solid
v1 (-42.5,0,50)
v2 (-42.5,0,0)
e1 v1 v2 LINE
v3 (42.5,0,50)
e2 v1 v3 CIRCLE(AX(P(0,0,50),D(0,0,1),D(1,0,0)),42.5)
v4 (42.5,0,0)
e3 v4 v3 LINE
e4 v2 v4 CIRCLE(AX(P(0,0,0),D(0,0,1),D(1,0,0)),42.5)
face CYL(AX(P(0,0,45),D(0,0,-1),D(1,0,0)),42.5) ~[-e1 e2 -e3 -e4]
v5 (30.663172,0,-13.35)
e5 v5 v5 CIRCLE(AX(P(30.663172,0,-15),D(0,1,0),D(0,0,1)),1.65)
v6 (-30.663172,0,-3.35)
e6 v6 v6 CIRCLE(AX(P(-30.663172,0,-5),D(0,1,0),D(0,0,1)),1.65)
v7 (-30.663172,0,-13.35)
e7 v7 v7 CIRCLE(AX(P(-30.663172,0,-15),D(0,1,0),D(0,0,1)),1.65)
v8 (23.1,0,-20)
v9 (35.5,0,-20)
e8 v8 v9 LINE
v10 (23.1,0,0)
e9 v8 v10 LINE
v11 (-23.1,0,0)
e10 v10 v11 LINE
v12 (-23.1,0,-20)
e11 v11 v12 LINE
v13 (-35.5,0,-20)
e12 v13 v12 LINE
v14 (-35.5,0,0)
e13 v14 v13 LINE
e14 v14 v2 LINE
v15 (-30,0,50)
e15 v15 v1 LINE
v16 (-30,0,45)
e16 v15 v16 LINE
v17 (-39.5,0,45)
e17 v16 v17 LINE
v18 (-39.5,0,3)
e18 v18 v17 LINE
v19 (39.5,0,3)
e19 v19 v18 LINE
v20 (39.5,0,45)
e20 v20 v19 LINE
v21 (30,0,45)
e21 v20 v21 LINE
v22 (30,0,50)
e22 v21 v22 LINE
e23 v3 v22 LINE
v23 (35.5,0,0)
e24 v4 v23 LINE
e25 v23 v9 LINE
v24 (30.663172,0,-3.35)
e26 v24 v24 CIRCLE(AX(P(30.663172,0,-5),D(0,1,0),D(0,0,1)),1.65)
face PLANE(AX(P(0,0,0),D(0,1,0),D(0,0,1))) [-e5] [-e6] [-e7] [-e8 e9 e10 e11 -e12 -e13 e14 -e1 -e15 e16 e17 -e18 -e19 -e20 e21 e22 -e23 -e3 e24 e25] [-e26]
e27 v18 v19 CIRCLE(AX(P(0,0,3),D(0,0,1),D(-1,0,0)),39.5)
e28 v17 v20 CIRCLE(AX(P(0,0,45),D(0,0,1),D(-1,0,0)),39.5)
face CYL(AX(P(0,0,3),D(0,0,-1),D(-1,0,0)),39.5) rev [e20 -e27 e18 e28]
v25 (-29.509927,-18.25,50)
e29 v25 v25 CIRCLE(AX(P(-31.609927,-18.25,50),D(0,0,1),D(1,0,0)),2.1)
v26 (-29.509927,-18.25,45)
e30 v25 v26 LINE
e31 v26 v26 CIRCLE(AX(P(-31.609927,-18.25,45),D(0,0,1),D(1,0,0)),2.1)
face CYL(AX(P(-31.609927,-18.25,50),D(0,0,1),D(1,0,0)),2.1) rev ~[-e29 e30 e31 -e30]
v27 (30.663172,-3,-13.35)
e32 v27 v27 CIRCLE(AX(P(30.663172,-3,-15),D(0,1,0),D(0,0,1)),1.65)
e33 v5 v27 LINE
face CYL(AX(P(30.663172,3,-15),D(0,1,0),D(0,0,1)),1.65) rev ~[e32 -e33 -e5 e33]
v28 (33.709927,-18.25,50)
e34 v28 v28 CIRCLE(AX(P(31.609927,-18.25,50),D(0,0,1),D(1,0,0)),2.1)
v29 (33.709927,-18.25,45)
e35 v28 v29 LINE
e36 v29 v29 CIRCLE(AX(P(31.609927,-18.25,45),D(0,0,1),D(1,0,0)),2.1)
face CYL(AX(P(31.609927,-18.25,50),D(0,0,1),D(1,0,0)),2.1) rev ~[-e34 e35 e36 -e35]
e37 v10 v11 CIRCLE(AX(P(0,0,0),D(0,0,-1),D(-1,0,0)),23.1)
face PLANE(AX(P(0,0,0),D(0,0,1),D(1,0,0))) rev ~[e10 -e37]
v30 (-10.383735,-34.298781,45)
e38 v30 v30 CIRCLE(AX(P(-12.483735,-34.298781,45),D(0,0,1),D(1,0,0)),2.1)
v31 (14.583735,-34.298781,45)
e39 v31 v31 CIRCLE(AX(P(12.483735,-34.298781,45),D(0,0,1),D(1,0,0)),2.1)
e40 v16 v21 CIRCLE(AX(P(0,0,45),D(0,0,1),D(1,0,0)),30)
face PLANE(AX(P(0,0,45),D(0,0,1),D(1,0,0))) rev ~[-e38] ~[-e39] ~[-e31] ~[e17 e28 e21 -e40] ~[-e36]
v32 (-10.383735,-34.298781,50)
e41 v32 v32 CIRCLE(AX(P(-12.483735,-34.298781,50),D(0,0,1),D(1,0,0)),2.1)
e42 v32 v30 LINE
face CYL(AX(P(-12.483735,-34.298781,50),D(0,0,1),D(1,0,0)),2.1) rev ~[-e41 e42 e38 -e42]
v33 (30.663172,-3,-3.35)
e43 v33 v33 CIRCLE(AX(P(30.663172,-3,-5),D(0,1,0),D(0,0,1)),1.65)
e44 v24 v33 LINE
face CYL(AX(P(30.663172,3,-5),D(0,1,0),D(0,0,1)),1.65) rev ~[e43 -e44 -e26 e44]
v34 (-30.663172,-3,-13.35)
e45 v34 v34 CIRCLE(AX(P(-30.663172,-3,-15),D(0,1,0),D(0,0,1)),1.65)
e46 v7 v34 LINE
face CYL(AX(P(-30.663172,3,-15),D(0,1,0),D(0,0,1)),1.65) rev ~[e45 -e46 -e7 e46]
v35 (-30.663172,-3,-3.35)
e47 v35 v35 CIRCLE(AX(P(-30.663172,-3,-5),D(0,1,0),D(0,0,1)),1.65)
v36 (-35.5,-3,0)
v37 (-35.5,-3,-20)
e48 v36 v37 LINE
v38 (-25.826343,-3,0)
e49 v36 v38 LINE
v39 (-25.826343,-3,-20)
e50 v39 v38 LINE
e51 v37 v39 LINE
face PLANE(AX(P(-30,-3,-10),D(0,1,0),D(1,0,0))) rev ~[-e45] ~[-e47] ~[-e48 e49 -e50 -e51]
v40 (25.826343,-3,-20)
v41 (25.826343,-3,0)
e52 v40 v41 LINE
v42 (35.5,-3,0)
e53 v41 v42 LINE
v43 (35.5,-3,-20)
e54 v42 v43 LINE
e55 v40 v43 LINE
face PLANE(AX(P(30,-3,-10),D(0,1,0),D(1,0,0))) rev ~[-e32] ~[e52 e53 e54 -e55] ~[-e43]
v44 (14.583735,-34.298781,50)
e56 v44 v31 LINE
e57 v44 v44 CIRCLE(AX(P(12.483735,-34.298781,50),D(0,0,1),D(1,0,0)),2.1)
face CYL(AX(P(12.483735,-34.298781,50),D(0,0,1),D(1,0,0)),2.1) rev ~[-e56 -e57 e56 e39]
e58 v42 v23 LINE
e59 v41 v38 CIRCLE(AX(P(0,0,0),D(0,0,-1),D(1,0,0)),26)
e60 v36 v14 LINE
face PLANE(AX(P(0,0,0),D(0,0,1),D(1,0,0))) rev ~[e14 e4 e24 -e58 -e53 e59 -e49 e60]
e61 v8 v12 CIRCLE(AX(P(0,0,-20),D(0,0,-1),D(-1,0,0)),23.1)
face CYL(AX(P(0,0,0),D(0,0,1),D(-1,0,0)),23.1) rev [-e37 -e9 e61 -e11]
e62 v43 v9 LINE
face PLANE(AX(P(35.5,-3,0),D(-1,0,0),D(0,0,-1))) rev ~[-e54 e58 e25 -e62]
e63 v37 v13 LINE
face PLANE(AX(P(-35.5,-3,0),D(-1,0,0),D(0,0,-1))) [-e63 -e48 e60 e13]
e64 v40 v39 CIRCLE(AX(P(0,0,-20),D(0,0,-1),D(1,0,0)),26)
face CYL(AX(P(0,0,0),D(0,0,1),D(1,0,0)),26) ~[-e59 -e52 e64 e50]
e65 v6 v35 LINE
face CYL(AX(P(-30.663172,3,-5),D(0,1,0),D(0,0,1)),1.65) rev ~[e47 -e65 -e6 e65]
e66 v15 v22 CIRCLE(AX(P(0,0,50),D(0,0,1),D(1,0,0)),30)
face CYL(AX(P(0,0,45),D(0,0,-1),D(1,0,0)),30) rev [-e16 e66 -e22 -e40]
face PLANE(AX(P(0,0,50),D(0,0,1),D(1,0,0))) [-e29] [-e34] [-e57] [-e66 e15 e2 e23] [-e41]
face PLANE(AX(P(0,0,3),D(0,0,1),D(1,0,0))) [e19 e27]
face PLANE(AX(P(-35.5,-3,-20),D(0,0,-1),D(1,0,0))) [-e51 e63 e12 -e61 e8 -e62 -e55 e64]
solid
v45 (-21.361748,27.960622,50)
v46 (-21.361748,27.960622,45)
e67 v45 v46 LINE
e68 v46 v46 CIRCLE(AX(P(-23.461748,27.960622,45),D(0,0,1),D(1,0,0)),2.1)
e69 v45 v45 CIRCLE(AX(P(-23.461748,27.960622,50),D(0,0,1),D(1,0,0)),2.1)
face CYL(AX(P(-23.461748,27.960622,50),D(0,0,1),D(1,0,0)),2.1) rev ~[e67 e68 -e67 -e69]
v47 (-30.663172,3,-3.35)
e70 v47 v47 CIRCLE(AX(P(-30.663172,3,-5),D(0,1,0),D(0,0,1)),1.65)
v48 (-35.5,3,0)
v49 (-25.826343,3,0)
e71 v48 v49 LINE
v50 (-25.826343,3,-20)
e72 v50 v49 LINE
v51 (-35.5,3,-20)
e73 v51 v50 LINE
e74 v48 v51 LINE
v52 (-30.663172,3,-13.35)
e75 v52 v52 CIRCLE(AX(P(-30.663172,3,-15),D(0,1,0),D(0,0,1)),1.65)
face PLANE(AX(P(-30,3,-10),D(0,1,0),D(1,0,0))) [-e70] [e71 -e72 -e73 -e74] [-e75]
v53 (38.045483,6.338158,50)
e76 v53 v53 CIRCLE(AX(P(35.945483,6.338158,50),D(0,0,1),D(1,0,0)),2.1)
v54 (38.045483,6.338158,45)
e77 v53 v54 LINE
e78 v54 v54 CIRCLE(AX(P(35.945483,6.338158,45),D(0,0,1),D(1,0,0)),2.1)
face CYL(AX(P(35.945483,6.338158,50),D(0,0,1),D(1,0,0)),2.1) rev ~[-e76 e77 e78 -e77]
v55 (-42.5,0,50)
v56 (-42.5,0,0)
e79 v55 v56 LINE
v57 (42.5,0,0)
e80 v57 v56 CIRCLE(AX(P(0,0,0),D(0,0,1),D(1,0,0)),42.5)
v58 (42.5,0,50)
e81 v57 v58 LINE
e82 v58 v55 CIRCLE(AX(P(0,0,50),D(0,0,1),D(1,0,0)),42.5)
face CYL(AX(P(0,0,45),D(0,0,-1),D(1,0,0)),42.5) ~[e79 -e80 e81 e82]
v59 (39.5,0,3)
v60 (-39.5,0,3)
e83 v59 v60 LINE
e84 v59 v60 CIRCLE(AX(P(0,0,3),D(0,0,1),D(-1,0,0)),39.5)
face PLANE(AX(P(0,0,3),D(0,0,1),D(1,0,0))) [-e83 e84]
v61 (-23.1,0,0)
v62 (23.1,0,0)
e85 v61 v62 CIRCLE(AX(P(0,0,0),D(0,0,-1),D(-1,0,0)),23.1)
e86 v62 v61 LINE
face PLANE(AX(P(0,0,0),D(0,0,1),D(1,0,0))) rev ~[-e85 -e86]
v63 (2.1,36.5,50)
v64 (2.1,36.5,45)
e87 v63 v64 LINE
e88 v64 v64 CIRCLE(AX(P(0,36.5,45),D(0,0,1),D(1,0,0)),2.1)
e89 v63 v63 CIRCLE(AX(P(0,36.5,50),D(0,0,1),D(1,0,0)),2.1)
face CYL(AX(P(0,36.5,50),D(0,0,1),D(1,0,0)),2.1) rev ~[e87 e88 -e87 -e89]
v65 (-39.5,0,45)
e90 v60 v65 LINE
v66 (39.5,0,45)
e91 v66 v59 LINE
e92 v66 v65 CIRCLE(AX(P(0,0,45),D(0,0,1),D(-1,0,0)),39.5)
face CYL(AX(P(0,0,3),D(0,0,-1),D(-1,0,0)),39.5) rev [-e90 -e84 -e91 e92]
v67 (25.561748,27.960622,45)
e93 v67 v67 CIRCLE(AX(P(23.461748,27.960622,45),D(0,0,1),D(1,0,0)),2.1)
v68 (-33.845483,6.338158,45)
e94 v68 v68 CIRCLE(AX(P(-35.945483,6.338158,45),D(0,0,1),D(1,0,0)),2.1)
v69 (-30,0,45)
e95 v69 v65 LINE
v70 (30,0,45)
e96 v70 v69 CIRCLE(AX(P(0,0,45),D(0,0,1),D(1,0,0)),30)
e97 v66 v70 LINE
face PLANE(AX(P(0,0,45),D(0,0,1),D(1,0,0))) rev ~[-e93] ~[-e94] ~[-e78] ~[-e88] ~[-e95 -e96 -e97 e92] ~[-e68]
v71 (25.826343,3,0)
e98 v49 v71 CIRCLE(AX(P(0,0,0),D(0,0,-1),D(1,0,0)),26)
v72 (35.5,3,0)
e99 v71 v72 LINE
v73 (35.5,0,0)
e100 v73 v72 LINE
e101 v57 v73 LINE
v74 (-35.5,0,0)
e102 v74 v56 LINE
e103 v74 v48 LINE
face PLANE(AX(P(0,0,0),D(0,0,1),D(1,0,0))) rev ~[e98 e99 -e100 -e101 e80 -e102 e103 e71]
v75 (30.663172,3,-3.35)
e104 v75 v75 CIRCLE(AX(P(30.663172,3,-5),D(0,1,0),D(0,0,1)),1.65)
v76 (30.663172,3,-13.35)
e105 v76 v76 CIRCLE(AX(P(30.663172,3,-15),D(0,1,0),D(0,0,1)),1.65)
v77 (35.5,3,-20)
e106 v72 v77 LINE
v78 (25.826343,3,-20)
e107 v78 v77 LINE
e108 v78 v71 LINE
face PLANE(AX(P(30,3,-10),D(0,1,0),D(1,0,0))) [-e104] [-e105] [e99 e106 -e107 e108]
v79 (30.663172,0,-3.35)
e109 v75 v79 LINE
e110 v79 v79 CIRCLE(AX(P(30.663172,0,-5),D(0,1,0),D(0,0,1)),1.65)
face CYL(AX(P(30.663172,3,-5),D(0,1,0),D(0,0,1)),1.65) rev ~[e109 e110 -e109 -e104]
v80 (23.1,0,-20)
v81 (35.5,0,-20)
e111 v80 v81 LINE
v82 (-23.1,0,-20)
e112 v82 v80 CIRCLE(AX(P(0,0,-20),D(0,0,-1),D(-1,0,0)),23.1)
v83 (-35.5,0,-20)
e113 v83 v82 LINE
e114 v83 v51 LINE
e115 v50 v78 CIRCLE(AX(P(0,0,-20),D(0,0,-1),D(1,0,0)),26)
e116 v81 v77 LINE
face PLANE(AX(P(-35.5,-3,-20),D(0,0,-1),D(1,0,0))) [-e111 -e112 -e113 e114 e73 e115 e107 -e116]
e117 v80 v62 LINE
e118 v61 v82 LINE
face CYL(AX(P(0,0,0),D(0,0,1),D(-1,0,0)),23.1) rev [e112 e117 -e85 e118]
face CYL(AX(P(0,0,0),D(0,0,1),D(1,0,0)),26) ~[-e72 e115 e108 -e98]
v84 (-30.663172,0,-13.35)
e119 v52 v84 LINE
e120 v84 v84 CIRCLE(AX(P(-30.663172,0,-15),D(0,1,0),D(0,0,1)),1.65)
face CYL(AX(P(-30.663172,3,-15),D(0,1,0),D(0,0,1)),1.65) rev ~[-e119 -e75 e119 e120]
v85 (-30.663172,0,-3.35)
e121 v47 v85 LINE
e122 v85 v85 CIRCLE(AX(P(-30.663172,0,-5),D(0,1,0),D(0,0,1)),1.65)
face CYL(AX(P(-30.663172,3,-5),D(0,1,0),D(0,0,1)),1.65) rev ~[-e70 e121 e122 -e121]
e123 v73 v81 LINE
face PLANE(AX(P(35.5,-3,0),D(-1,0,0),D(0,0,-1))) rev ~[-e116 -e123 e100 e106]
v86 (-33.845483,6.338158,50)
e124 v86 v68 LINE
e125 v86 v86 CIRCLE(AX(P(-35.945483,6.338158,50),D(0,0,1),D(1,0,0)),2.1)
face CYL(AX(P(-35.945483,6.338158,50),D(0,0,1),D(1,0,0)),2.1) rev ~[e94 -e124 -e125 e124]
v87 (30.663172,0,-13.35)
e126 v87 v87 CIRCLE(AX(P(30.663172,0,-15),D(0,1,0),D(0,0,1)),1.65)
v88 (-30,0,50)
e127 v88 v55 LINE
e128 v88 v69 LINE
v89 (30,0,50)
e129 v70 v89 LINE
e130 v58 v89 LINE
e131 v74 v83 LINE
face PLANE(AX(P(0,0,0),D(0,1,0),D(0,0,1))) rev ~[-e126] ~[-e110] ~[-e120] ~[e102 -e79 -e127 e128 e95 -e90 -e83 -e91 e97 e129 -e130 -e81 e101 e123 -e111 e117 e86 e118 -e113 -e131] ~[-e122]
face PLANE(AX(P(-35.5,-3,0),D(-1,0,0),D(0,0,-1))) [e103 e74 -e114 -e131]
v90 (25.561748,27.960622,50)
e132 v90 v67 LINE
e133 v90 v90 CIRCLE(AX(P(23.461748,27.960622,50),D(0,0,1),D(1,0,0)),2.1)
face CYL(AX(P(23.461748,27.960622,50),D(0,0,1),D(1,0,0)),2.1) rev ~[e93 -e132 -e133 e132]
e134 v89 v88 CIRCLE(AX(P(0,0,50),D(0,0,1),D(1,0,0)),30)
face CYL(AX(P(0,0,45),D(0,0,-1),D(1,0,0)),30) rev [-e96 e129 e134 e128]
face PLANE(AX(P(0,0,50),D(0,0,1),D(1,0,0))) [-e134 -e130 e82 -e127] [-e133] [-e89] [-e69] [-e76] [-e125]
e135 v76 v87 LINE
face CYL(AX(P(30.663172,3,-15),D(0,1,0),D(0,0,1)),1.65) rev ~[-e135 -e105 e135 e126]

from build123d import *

# Parameters (mm, degrees)
SKETCH_1_R           = 42.5
EXTRUDE_1_DEPTH      = 3
SKETCH_2_R           = 42.5
SKETCH_2_R_2         = 39.5
EXTRUDE_2_DEPTH      = 42
SKETCH_3_R           = 42.5
SKETCH_3_R_2         = 30
EXTRUDE_3_DEPTH      = 5
CUT_EXTRUDE_1_REACH  = 80.182
SKETCH_4_R           = 2.1
SKETCH_5_R           = 26
SKETCH_5_R_2         = 23.1
EXTRUDE_4_DEPTH      = 20
EXTRUDE_5_DEPTH      = 3
EXTRUDE_5_DEPTH_BACK = 3
SKETCH_6_W           = 11
SKETCH_6_H           = 20
CUT_EXTRUDE_2_REACH  = 81.853
SKETCH_7_R           = 1.65


with BuildPart() as part:
    # ｽｹｯﾁ1 → ﾎﾞｽ - 押し出し1 (new body)
    with BuildSketch(Plane.XY):
        Circle(SKETCH_1_R)
    extrude(amount=EXTRUDE_1_DEPTH)

    # ｽｹｯﾁ2 → ﾎﾞｽ - 押し出し2 (add)
    with BuildSketch(Plane.XY.offset(3)):
        Circle(SKETCH_2_R)
        Circle(SKETCH_2_R_2, mode=Mode.SUBTRACT)
    extrude(amount=EXTRUDE_2_DEPTH)

    # ｽｹｯﾁ3 → ﾎﾞｽ - 押し出し3 (add)
    with BuildSketch(Plane.XY.offset(45)):
        Circle(SKETCH_3_R)
        Circle(SKETCH_3_R_2, mode=Mode.SUBTRACT)
    extrude(amount=EXTRUDE_3_DEPTH)

    # ｽｹｯﾁ4 → ｶｯﾄ - 押し出し1 (cut, up to next)
    with BuildSketch(Plane.XY.offset(50), mode=Mode.PRIVATE) as cut_extrude_1_sk1:
        with Locations((0, 36.5)):
            Circle(SKETCH_4_R)
    cut_extrude_1_tool1 = extrude(cut_extrude_1_sk1.sketch, amount=-CUT_EXTRUDE_1_REACH, mode=Mode.PRIVATE) & part.part
    # ｽｹｯﾁ4 → ｶｯﾄ - 押し出し1 (cut, up to next)
    with BuildSketch(Plane.XY.offset(50), mode=Mode.PRIVATE) as cut_extrude_1_sk2:
        with Locations((23.461747754, 27.960622174)):
            Circle(SKETCH_4_R)
    cut_extrude_1_tool2 = extrude(cut_extrude_1_sk2.sketch, amount=-CUT_EXTRUDE_1_REACH, mode=Mode.PRIVATE) & part.part
    # ｽｹｯﾁ4 → ｶｯﾄ - 押し出し1 (cut, up to next)
    with BuildSketch(Plane.XY.offset(50), mode=Mode.PRIVATE) as cut_extrude_1_sk3:
        with Locations((35.945482985, 6.338158485)):
            Circle(SKETCH_4_R)
    cut_extrude_1_tool3 = extrude(cut_extrude_1_sk3.sketch, amount=-CUT_EXTRUDE_1_REACH, mode=Mode.PRIVATE) & part.part
    # ｽｹｯﾁ4 → ｶｯﾄ - 押し出し1 (cut, up to next)
    with BuildSketch(Plane.XY.offset(50), mode=Mode.PRIVATE) as cut_extrude_1_sk4:
        with Locations((31.609927238, -18.25)):
            Circle(SKETCH_4_R)
    cut_extrude_1_tool4 = extrude(cut_extrude_1_sk4.sketch, amount=-CUT_EXTRUDE_1_REACH, mode=Mode.PRIVATE) & part.part
    # ｽｹｯﾁ4 → ｶｯﾄ - 押し出し1 (cut, up to next)
    with BuildSketch(Plane.XY.offset(50), mode=Mode.PRIVATE) as cut_extrude_1_sk5:
        with Locations((12.483735231, -34.298780659)):
            Circle(SKETCH_4_R)
    cut_extrude_1_tool5 = extrude(cut_extrude_1_sk5.sketch, amount=-CUT_EXTRUDE_1_REACH, mode=Mode.PRIVATE) & part.part
    # ｽｹｯﾁ4 → ｶｯﾄ - 押し出し1 (cut, up to next)
    with BuildSketch(Plane.XY.offset(50), mode=Mode.PRIVATE) as cut_extrude_1_sk6:
        with Locations((-12.483735231, -34.298780659)):
            Circle(SKETCH_4_R)
    cut_extrude_1_tool6 = extrude(cut_extrude_1_sk6.sketch, amount=-CUT_EXTRUDE_1_REACH, mode=Mode.PRIVATE) & part.part
    # ｽｹｯﾁ4 → ｶｯﾄ - 押し出し1 (cut, up to next)
    with BuildSketch(Plane.XY.offset(50), mode=Mode.PRIVATE) as cut_extrude_1_sk7:
        with Locations((-31.609927238, -18.25)):
            Circle(SKETCH_4_R)
    cut_extrude_1_tool7 = extrude(cut_extrude_1_sk7.sketch, amount=-CUT_EXTRUDE_1_REACH, mode=Mode.PRIVATE) & part.part
    # ｽｹｯﾁ4 → ｶｯﾄ - 押し出し1 (cut, up to next)
    with BuildSketch(Plane.XY.offset(50), mode=Mode.PRIVATE) as cut_extrude_1_sk8:
        with Locations((-35.945482985, 6.338158485)):
            Circle(SKETCH_4_R)
    cut_extrude_1_tool8 = extrude(cut_extrude_1_sk8.sketch, amount=-CUT_EXTRUDE_1_REACH, mode=Mode.PRIVATE) & part.part
    # ｽｹｯﾁ4 → ｶｯﾄ - 押し出し1 (cut, up to next)
    with BuildSketch(Plane.XY.offset(50), mode=Mode.PRIVATE) as cut_extrude_1_sk9:
        with Locations((-23.461747754, 27.960622174)):
            Circle(SKETCH_4_R)
    cut_extrude_1_tool9 = extrude(cut_extrude_1_sk9.sketch, amount=-CUT_EXTRUDE_1_REACH, mode=Mode.PRIVATE) & part.part
    add(cut_extrude_1_tool1.solids().sort_by_distance((0, 36.5, 50))[0], mode=Mode.SUBTRACT)
    add(cut_extrude_1_tool2.solids().sort_by_distance((23.461748, 27.960622, 50))[0], mode=Mode.SUBTRACT)
    add(cut_extrude_1_tool3.solids().sort_by_distance((35.945483, 6.338158, 50))[0], mode=Mode.SUBTRACT)
    add(cut_extrude_1_tool4.solids().sort_by_distance((31.609927, -18.25, 50))[0], mode=Mode.SUBTRACT)
    add(cut_extrude_1_tool5.solids().sort_by_distance((12.483735, -34.298781, 50))[0], mode=Mode.SUBTRACT)
    add(cut_extrude_1_tool6.solids().sort_by_distance((-12.483735, -34.298781, 50))[0], mode=Mode.SUBTRACT)
    add(cut_extrude_1_tool7.solids().sort_by_distance((-31.609927, -18.25, 50))[0], mode=Mode.SUBTRACT)
    add(cut_extrude_1_tool8.solids().sort_by_distance((-35.945483, 6.338158, 50))[0], mode=Mode.SUBTRACT)
    add(cut_extrude_1_tool9.solids().sort_by_distance((-23.461748, 27.960622, 50))[0], mode=Mode.SUBTRACT)

    # ｽｹｯﾁ5 → ﾎﾞｽ - 押し出し4 (add)
    with BuildSketch(Plane(origin=(0, 0, 0), x_dir=(-1, 0, 0), z_dir=(0, 0, -1))):
        Circle(SKETCH_5_R)
        Circle(SKETCH_5_R_2, mode=Mode.SUBTRACT)
    extrude(amount=EXTRUDE_4_DEPTH)

    # ｽｹｯﾁ6 → ﾎﾞｽ - 押し出し5 (add, two sides: drawn at the far end of the back side and taken through both)
    with BuildSketch(Plane(origin=(0, 0, 0), x_dir=(1, 0, 0), z_dir=(0, 1, 0)).offset(-EXTRUDE_5_DEPTH_BACK)):
        with Locations((-30, 10)):
            Rectangle(SKETCH_6_W, SKETCH_6_H)
        with Locations((30, 10)):
            Rectangle(SKETCH_6_W, SKETCH_6_H)
    extrude(amount=EXTRUDE_5_DEPTH + EXTRUDE_5_DEPTH_BACK)

    # ｽｹｯﾁ7 → ｶｯﾄ - 押し出し2 (cut, up to next)
    with BuildSketch(Plane(origin=(0, 3, 0), x_dir=(1, 0, 0), z_dir=(0, 1, 0)), mode=Mode.PRIVATE) as cut_extrude_2_sk1:
        with Locations((-30.66317157, 15)):
            Circle(SKETCH_7_R)
    cut_extrude_2_tool1 = extrude(cut_extrude_2_sk1.sketch, amount=-CUT_EXTRUDE_2_REACH, mode=Mode.PRIVATE) & part.part
    # ｽｹｯﾁ7 → ｶｯﾄ - 押し出し2 (cut, up to next)
    with BuildSketch(Plane(origin=(0, 3, 0), x_dir=(1, 0, 0), z_dir=(0, 1, 0)), mode=Mode.PRIVATE) as cut_extrude_2_sk2:
        with Locations((-30.66317157, 5)):
            Circle(SKETCH_7_R)
    cut_extrude_2_tool2 = extrude(cut_extrude_2_sk2.sketch, amount=-CUT_EXTRUDE_2_REACH, mode=Mode.PRIVATE) & part.part
    # ｽｹｯﾁ7 → ｶｯﾄ - 押し出し2 (cut, up to next)
    with BuildSketch(Plane(origin=(0, 3, 0), x_dir=(1, 0, 0), z_dir=(0, 1, 0)), mode=Mode.PRIVATE) as cut_extrude_2_sk3:
        with Locations((30.66317157, 5)):
            Circle(SKETCH_7_R)
    cut_extrude_2_tool3 = extrude(cut_extrude_2_sk3.sketch, amount=-CUT_EXTRUDE_2_REACH, mode=Mode.PRIVATE) & part.part
    # ｽｹｯﾁ7 → ｶｯﾄ - 押し出し2 (cut, up to next)
    with BuildSketch(Plane(origin=(0, 3, 0), x_dir=(1, 0, 0), z_dir=(0, 1, 0)), mode=Mode.PRIVATE) as cut_extrude_2_sk4:
        with Locations((30.66317157, 15)):
            Circle(SKETCH_7_R)
    cut_extrude_2_tool4 = extrude(cut_extrude_2_sk4.sketch, amount=-CUT_EXTRUDE_2_REACH, mode=Mode.PRIVATE) & part.part
    add(cut_extrude_2_tool1.solids().sort_by_distance((-30.663172, 3, -15))[0], mode=Mode.SUBTRACT)
    add(cut_extrude_2_tool2.solids().sort_by_distance((-30.663172, 3, -5))[0], mode=Mode.SUBTRACT)
    add(cut_extrude_2_tool3.solids().sort_by_distance((30.663172, 3, -5))[0], mode=Mode.SUBTRACT)
    add(cut_extrude_2_tool4.solids().sort_by_distance((30.663172, 3, -15))[0], mode=Mode.SUBTRACT)


with BuildPart() as body_2:
    # Split Bodies 1: the piece on the far side of the plane
    add(part.part)
    split(bisect_by=Plane.ZX, keep=Keep.BOTTOM)


with BuildPart() as part_1:
    add(part.part)

    # Split Bodies 1
    split(bisect_by=Plane.ZX, keep=Keep.TOP)


solid = Compound([body_2.part, part_1.part])
